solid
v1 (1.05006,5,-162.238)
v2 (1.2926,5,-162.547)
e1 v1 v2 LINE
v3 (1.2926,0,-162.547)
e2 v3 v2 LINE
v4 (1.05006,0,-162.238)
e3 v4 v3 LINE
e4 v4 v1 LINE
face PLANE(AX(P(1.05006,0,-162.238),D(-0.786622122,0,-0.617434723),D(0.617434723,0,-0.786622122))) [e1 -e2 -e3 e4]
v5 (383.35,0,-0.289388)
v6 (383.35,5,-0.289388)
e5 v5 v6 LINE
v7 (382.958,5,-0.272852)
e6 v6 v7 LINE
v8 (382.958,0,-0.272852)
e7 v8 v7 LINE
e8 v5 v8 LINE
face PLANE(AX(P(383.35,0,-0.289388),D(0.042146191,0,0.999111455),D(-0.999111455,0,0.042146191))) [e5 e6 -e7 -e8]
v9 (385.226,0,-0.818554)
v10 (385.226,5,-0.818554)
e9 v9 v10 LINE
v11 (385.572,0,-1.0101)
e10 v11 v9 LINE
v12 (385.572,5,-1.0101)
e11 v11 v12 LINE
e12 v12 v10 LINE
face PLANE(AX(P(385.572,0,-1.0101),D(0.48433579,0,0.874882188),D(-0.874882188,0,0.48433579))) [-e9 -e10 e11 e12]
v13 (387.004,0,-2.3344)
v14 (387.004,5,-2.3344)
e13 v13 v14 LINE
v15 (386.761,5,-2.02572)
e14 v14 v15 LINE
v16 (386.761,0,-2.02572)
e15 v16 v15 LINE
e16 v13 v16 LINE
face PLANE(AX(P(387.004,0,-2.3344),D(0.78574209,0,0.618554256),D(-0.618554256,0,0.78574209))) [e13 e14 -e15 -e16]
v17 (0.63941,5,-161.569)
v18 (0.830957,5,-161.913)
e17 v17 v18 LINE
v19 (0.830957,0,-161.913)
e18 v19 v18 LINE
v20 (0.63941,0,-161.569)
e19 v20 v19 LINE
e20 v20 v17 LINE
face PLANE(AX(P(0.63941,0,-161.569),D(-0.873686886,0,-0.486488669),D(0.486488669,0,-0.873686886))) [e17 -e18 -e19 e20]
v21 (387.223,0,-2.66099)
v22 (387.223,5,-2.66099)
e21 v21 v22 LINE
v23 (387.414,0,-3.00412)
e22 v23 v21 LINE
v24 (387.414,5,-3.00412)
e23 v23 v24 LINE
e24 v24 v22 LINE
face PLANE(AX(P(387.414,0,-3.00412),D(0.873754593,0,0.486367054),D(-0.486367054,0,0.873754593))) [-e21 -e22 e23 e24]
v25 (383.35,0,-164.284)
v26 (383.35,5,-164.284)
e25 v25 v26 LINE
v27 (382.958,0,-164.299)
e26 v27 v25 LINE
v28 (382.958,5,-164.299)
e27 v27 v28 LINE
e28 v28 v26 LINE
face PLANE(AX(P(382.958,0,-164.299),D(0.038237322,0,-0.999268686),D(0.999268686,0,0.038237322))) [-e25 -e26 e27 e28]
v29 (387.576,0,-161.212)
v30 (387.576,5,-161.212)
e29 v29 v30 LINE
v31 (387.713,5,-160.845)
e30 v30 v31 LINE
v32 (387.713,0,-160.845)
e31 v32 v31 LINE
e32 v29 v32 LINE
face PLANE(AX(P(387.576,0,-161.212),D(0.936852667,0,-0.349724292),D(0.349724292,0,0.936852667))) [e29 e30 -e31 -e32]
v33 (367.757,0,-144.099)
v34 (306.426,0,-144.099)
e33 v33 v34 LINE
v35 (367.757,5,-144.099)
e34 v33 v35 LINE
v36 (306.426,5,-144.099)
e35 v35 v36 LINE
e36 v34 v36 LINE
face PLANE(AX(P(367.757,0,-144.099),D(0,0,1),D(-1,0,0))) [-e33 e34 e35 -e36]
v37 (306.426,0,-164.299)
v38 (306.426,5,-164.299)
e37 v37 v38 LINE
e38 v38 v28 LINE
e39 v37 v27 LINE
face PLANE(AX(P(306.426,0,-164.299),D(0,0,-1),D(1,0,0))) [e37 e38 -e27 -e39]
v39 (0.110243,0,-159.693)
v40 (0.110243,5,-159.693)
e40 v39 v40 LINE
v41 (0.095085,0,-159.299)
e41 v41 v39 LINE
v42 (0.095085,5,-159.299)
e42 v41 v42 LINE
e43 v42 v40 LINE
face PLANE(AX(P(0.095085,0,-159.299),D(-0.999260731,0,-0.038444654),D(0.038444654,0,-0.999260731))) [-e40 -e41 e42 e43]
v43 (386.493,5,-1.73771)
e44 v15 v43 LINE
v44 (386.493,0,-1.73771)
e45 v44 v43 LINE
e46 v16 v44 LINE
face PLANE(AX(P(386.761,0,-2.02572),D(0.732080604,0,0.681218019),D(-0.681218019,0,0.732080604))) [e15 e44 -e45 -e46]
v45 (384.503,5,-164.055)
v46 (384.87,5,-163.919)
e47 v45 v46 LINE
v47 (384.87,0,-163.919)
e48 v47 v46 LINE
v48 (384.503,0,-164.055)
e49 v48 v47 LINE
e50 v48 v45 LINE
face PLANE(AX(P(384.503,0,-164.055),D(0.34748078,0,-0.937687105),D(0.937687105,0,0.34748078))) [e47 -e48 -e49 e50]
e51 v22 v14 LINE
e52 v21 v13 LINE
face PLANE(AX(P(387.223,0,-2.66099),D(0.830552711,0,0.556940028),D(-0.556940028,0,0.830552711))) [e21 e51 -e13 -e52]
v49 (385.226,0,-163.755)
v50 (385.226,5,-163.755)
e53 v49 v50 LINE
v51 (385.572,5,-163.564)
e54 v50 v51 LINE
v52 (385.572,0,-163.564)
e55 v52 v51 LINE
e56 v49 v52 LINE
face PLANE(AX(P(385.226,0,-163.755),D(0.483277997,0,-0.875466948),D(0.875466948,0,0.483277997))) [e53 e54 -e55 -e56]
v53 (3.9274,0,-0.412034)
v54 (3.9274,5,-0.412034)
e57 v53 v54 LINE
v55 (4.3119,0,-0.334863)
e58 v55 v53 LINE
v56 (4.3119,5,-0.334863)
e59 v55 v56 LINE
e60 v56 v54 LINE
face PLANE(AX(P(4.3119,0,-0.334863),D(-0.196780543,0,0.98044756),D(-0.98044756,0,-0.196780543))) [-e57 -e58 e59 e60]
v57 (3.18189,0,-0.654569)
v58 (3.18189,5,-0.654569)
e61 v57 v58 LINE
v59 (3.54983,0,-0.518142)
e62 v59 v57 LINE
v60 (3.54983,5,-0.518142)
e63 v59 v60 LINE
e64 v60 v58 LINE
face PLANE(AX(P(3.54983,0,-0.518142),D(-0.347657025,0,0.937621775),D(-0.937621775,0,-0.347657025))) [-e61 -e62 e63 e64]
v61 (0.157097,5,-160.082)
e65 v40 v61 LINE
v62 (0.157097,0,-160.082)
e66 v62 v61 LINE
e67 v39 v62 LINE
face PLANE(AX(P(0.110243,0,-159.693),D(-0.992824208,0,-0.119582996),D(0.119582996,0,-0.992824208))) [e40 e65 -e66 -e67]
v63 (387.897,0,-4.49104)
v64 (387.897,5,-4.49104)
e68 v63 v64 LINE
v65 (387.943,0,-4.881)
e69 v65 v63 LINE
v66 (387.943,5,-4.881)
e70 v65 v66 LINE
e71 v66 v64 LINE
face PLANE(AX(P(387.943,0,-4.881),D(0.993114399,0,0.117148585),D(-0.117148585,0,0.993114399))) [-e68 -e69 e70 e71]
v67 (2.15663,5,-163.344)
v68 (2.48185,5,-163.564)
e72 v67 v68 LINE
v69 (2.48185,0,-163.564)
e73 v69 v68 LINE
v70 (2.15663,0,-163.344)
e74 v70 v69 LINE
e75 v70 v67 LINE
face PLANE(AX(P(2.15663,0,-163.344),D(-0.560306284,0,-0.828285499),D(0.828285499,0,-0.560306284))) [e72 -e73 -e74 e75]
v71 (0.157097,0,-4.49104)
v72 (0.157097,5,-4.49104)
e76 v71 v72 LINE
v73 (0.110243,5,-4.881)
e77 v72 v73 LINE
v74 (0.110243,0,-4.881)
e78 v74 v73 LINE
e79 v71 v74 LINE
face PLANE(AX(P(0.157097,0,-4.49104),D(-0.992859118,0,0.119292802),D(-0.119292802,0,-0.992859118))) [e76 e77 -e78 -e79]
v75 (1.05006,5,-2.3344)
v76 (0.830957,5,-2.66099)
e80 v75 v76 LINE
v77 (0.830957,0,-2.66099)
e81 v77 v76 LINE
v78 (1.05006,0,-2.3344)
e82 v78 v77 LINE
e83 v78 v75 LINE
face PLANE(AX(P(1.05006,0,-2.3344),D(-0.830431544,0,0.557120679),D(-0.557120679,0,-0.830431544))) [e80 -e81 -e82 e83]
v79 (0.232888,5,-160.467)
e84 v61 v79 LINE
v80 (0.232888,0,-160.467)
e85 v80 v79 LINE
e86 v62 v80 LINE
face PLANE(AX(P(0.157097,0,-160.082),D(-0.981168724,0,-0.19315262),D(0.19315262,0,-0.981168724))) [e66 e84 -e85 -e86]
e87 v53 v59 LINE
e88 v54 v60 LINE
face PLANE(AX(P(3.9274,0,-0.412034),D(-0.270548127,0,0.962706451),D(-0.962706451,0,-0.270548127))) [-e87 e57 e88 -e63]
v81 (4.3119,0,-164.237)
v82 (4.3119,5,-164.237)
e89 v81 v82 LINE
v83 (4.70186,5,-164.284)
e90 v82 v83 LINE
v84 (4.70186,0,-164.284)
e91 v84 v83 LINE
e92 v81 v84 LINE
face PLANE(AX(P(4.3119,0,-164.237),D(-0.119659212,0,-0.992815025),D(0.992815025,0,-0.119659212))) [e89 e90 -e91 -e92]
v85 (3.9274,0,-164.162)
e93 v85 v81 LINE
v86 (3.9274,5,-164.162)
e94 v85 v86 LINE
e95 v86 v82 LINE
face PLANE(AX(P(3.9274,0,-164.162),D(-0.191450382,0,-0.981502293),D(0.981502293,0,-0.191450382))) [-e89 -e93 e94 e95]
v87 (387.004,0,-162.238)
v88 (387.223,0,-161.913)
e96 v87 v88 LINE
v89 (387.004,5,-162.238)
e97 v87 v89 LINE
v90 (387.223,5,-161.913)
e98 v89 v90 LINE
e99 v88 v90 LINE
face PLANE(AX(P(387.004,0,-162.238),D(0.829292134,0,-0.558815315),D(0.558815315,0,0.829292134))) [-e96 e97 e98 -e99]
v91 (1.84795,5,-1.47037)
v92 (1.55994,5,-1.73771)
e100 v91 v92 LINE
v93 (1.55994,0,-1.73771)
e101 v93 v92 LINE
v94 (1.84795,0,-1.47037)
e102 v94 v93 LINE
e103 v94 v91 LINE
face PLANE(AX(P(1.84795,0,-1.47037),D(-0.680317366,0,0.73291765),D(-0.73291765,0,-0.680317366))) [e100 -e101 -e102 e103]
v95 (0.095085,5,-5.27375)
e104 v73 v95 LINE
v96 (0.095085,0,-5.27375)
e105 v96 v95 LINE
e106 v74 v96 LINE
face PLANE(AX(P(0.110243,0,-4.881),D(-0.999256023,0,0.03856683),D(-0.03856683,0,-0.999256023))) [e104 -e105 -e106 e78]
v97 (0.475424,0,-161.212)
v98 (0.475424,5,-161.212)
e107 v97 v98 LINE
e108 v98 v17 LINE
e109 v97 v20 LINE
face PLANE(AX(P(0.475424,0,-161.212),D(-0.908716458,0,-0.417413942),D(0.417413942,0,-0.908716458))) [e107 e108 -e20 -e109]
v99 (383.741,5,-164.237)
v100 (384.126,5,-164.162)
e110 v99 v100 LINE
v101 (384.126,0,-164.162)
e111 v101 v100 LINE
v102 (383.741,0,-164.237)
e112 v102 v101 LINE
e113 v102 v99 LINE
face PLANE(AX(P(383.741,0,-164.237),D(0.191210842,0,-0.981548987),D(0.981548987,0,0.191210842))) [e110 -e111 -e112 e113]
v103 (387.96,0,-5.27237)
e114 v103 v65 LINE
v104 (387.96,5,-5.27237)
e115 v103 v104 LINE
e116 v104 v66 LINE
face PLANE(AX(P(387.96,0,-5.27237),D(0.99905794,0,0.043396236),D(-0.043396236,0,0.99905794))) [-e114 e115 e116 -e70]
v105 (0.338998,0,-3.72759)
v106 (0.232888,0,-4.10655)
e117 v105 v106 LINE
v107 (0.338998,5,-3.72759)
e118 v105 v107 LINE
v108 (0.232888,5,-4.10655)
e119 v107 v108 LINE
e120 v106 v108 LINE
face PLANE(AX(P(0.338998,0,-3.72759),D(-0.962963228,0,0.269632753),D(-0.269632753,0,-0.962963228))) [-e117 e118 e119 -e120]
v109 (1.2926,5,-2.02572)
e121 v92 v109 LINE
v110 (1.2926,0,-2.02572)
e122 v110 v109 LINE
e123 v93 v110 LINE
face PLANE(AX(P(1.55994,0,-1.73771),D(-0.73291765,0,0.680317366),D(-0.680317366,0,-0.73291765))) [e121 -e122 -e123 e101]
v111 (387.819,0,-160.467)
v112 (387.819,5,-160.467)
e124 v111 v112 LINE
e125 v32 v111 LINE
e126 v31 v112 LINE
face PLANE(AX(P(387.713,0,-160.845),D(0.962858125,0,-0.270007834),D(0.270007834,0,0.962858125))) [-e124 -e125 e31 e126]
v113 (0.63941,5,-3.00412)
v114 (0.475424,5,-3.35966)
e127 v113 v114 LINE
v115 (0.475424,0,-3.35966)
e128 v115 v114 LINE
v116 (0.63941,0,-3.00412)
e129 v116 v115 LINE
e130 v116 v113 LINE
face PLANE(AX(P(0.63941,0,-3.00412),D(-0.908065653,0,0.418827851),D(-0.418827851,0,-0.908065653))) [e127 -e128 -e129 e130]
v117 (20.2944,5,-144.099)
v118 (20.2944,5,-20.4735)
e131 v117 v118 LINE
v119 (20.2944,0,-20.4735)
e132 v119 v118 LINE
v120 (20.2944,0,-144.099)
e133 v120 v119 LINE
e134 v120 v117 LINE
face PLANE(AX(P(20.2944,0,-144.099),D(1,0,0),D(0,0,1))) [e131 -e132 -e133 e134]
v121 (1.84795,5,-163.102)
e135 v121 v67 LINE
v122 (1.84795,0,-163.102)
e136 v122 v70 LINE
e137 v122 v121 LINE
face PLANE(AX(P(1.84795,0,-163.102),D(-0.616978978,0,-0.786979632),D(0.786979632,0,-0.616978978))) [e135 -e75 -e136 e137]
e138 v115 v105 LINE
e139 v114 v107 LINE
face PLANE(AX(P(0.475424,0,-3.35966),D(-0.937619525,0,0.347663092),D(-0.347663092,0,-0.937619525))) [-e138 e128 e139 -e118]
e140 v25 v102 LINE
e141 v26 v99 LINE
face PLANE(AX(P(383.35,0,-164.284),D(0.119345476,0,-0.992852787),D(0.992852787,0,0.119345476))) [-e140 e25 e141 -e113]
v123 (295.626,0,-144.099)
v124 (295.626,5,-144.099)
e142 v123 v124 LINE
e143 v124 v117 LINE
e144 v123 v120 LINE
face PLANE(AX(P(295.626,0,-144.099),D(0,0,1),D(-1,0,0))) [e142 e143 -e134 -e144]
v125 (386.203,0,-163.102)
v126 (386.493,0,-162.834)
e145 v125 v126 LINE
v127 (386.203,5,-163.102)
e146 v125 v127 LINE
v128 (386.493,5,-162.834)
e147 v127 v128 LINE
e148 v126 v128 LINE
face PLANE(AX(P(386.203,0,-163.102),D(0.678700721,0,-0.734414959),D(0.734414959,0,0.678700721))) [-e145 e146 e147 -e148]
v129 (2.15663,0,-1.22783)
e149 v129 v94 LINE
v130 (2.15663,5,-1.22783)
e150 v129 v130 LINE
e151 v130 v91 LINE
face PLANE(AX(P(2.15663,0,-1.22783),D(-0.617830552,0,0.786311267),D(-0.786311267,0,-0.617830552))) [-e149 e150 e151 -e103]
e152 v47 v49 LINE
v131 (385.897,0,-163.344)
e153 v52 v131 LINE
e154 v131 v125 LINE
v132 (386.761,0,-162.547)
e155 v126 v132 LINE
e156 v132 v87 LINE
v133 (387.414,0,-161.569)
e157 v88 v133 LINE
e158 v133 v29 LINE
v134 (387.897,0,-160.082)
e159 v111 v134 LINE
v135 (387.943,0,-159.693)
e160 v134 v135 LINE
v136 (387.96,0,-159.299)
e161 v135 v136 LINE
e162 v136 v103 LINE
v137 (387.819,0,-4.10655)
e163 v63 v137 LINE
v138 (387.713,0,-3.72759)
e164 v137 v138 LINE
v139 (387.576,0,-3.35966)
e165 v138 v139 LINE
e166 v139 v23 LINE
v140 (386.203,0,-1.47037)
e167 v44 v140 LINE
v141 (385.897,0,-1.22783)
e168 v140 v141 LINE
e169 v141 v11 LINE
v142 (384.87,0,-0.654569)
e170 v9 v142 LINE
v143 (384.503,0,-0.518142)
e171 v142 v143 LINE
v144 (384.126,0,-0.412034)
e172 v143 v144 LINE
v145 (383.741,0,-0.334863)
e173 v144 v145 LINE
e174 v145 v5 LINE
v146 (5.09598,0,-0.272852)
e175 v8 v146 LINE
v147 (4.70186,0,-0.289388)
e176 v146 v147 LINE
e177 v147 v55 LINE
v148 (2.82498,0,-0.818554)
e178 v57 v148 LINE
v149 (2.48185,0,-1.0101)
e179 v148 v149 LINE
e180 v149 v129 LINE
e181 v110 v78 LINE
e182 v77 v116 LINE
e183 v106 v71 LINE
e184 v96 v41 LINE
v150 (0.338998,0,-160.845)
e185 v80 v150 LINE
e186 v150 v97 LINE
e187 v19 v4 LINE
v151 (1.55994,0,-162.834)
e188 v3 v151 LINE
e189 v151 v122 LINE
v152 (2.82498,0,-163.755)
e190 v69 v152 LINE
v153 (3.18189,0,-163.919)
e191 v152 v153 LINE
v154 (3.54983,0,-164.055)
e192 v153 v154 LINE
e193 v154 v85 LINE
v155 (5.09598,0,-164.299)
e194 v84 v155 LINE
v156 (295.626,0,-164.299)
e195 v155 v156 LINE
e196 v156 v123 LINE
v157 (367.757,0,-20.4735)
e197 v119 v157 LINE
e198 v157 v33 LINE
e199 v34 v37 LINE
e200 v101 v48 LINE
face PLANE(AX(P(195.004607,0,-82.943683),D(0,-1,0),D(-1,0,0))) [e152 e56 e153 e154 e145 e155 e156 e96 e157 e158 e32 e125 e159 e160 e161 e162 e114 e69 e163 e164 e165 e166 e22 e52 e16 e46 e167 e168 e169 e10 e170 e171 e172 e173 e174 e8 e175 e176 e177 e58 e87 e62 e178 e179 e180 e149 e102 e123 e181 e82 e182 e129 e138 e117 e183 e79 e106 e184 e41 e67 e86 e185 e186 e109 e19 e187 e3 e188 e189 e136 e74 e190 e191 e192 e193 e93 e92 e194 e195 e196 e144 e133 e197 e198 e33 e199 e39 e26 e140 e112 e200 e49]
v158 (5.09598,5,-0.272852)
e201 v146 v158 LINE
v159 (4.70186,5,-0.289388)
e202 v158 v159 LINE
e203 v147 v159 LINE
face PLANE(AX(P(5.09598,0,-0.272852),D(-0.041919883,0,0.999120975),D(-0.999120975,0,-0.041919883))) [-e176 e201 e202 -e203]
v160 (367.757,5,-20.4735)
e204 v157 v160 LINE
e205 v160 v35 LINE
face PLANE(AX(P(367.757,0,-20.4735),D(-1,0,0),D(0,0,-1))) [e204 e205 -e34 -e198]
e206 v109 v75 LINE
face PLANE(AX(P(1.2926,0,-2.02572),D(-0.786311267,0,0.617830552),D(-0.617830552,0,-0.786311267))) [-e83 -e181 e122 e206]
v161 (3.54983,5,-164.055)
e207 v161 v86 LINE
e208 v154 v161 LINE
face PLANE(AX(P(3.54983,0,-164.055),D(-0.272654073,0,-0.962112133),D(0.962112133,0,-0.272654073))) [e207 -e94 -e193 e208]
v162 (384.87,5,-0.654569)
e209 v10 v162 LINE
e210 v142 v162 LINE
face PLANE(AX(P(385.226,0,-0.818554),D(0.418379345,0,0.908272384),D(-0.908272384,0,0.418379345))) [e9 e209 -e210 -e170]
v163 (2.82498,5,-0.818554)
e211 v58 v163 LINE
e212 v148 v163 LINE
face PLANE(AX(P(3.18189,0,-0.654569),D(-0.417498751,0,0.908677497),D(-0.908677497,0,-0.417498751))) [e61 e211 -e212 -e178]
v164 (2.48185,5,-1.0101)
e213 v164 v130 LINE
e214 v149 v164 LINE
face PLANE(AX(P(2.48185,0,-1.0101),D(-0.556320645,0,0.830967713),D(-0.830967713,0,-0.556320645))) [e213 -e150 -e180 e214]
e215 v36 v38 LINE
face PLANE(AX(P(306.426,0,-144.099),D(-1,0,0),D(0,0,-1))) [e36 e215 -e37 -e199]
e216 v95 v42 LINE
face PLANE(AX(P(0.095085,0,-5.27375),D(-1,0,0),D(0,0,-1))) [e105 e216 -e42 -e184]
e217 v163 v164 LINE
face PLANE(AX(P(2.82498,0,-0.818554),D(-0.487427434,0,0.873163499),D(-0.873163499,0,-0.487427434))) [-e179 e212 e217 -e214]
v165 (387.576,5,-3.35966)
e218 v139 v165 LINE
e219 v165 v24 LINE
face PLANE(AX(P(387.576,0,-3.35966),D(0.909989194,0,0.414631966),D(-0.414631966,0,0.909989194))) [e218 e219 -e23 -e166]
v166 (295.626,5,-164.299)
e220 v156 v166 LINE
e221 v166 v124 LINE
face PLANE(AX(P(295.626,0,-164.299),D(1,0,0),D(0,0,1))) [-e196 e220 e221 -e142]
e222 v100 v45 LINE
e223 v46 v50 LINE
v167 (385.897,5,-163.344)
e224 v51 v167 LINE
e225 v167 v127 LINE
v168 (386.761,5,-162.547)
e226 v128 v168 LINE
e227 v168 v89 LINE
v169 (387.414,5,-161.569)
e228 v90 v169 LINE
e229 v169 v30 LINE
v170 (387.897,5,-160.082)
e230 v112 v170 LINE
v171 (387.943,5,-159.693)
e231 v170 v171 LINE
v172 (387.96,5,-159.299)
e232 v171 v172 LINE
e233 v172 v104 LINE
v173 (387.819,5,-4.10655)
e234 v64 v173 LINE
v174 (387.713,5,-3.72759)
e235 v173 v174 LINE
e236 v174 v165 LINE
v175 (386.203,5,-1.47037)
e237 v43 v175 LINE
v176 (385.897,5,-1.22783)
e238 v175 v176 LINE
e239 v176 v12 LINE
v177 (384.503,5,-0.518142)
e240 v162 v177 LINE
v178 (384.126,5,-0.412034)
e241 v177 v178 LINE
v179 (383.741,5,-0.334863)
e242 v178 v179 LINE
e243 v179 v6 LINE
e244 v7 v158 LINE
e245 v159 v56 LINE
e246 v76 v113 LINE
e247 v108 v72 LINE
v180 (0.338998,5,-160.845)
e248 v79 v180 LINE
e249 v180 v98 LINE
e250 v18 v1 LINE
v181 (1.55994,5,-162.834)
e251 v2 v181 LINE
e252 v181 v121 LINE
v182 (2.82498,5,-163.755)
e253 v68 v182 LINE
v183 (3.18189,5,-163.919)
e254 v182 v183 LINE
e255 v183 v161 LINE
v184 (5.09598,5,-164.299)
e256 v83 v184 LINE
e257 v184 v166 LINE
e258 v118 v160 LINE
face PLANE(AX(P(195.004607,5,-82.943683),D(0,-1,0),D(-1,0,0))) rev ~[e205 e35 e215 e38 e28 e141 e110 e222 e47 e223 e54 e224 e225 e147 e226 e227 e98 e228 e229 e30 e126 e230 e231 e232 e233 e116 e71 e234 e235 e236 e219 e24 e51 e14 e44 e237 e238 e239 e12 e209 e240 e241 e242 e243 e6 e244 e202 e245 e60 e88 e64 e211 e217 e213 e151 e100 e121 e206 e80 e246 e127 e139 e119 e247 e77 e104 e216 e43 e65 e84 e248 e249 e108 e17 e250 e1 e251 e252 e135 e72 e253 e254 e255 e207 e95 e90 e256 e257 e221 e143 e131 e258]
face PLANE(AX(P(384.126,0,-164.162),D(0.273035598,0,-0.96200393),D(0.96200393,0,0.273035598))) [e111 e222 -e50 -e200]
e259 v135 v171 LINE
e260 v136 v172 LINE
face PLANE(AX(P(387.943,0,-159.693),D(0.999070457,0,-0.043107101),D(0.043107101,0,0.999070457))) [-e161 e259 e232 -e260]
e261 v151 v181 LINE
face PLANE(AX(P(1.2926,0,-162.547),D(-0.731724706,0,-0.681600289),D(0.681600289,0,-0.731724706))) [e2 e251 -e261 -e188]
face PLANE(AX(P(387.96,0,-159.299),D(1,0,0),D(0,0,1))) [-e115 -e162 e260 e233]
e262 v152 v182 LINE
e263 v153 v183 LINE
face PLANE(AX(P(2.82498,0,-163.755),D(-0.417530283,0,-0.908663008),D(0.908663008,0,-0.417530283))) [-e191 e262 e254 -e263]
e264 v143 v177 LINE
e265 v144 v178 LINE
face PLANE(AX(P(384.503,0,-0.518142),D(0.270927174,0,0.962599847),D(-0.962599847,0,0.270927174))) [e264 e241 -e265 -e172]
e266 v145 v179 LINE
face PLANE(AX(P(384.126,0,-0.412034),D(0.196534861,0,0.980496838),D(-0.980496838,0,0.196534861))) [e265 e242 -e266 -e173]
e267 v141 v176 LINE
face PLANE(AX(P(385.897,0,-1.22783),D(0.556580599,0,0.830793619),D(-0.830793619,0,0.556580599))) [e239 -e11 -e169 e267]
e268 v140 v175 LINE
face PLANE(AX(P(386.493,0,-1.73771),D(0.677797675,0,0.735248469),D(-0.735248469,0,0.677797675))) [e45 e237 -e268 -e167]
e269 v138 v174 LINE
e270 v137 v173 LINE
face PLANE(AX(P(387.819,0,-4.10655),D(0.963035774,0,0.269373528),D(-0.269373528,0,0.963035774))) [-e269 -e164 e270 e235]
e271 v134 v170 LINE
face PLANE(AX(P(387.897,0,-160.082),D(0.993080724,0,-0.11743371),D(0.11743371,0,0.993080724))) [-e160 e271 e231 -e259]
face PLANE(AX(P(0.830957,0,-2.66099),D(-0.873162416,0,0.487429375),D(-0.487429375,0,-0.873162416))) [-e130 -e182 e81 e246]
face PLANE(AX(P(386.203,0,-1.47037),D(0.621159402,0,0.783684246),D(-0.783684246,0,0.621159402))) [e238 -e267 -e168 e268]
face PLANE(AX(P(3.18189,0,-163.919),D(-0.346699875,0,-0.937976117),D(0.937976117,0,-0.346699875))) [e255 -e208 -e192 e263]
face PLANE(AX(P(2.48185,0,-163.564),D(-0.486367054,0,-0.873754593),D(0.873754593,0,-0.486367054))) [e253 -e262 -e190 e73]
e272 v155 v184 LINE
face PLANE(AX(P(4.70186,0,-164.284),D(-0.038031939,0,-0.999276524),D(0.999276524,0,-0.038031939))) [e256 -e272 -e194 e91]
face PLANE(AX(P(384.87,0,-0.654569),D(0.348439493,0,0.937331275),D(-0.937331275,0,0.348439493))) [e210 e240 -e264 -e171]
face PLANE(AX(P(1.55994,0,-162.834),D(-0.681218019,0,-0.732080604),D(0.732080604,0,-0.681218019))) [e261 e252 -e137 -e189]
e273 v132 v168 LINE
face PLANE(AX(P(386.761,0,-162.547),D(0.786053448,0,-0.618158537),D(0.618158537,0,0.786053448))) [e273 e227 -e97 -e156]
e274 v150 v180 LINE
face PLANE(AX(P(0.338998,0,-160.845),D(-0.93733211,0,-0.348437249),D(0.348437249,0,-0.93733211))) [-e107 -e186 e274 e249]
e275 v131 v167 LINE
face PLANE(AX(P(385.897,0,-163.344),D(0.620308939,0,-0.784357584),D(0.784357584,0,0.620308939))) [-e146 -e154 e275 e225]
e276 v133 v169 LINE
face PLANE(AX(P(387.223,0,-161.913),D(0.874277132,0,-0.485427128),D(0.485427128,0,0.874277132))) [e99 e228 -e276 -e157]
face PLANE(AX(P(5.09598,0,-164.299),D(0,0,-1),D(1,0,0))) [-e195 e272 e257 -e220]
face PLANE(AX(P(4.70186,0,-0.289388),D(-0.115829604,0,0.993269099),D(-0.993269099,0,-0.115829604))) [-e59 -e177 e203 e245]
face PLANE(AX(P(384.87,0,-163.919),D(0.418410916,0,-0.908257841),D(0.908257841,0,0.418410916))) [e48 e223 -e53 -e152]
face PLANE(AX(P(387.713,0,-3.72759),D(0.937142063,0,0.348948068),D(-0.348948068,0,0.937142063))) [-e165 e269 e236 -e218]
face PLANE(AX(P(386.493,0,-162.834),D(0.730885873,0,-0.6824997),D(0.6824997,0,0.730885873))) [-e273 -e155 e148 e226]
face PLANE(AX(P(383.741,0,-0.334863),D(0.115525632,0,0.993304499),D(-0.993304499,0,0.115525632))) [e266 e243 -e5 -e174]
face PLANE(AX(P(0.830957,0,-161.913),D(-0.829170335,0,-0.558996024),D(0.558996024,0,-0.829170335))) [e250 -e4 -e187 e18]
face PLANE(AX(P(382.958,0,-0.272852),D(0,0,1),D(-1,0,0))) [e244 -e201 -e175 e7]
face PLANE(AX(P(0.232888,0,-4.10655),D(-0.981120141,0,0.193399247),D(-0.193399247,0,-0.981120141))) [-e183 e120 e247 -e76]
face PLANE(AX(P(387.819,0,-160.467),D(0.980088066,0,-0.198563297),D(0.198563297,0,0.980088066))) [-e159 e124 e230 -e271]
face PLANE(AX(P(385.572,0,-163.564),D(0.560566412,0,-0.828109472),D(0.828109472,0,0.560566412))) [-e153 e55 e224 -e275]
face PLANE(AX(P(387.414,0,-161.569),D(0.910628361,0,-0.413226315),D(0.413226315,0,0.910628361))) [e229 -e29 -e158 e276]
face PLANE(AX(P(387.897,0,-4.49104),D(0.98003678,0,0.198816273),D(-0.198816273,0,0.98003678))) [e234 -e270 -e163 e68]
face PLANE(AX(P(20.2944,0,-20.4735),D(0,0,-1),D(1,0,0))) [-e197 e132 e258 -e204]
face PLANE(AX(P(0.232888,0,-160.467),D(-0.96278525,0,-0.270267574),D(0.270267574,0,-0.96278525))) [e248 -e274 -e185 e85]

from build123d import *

# Parameters (mm, degrees)
BOSS_EXTRUDE1_DEPTH = 5


with BuildPart() as part:
    # Sketch1 → Boss-Extrude1 (new body)
    with BuildSketch(Plane(origin=(0, 0, 0), x_dir=(1, 0, 0), z_dir=(0, 1, 0))):
        Polygon((295.626, 164.299), (295.626, 144.099), (20.2944, 144.099), (20.2944, 20.4735), (367.757, 20.4735), (367.757, 144.099), (306.426, 144.099), (306.426, 164.299), (382.958, 164.299), (383.35, 164.284), (383.741, 164.237), (384.126, 164.162), (384.503, 164.055), (384.87, 163.919), (385.226, 163.755), (385.572, 163.564), (385.897, 163.344), (386.203, 163.102), (386.493, 162.834), (386.761, 162.547), (387.004, 162.238), (387.223, 161.913), (387.414, 161.569), (387.576, 161.212), (387.713, 160.845), (387.819, 160.467), (387.897, 160.082), (387.943, 159.693), (387.96, 159.299), (387.96, 5.27237), (387.943, 4.881), (387.897, 4.49104), (387.819, 4.10655), (387.713, 3.72759), (387.576, 3.35966), (387.414, 3.00412), (387.223, 2.66099), (387.004, 2.3344), (386.761, 2.02572), (386.493, 1.73771), (386.203, 1.47037), (385.897, 1.22783), (385.572, 1.0101), (385.226, 0.818554), (384.87, 0.654569), (384.503, 0.518142), (384.126, 0.412034), (383.741, 0.334863), (383.35, 0.289388), (382.958, 0.272852), (5.09598, 0.272852), (4.70186, 0.289388), (4.3119, 0.334863), (3.9274, 0.412034), (3.54983, 0.518142), (3.18189, 0.654569), (2.82498, 0.818554), (2.48185, 1.0101), (2.15663, 1.22783), (1.84795, 1.47037), (1.55994, 1.73771), (1.2926, 2.02572), (1.05006, 2.3344), (0.830957, 2.66099), (0.63941, 3.00412), (0.475424, 3.35966), (0.338998, 3.72759), (0.232888, 4.10655), (0.157097, 4.49104), (0.110243, 4.881), (0.0950846, 5.27375), (0.0950846, 159.299), (0.110243, 159.693), (0.157097, 160.082), (0.232888, 160.467), (0.338998, 160.845), (0.475424, 161.212), (0.63941, 161.569), (0.830957, 161.913), (1.05006, 162.238), (1.2926, 162.547), (1.55994, 162.834), (1.84795, 163.102), (2.15663, 163.344), (2.48185, 163.564), (2.82498, 163.755), (3.18189, 163.919), (3.54983, 164.055), (3.9274, 164.162), (4.3119, 164.237), (4.70186, 164.284), (5.09598, 164.299), align=None)
    extrude(amount=BOSS_EXTRUDE1_DEPTH)


solid = part.part
